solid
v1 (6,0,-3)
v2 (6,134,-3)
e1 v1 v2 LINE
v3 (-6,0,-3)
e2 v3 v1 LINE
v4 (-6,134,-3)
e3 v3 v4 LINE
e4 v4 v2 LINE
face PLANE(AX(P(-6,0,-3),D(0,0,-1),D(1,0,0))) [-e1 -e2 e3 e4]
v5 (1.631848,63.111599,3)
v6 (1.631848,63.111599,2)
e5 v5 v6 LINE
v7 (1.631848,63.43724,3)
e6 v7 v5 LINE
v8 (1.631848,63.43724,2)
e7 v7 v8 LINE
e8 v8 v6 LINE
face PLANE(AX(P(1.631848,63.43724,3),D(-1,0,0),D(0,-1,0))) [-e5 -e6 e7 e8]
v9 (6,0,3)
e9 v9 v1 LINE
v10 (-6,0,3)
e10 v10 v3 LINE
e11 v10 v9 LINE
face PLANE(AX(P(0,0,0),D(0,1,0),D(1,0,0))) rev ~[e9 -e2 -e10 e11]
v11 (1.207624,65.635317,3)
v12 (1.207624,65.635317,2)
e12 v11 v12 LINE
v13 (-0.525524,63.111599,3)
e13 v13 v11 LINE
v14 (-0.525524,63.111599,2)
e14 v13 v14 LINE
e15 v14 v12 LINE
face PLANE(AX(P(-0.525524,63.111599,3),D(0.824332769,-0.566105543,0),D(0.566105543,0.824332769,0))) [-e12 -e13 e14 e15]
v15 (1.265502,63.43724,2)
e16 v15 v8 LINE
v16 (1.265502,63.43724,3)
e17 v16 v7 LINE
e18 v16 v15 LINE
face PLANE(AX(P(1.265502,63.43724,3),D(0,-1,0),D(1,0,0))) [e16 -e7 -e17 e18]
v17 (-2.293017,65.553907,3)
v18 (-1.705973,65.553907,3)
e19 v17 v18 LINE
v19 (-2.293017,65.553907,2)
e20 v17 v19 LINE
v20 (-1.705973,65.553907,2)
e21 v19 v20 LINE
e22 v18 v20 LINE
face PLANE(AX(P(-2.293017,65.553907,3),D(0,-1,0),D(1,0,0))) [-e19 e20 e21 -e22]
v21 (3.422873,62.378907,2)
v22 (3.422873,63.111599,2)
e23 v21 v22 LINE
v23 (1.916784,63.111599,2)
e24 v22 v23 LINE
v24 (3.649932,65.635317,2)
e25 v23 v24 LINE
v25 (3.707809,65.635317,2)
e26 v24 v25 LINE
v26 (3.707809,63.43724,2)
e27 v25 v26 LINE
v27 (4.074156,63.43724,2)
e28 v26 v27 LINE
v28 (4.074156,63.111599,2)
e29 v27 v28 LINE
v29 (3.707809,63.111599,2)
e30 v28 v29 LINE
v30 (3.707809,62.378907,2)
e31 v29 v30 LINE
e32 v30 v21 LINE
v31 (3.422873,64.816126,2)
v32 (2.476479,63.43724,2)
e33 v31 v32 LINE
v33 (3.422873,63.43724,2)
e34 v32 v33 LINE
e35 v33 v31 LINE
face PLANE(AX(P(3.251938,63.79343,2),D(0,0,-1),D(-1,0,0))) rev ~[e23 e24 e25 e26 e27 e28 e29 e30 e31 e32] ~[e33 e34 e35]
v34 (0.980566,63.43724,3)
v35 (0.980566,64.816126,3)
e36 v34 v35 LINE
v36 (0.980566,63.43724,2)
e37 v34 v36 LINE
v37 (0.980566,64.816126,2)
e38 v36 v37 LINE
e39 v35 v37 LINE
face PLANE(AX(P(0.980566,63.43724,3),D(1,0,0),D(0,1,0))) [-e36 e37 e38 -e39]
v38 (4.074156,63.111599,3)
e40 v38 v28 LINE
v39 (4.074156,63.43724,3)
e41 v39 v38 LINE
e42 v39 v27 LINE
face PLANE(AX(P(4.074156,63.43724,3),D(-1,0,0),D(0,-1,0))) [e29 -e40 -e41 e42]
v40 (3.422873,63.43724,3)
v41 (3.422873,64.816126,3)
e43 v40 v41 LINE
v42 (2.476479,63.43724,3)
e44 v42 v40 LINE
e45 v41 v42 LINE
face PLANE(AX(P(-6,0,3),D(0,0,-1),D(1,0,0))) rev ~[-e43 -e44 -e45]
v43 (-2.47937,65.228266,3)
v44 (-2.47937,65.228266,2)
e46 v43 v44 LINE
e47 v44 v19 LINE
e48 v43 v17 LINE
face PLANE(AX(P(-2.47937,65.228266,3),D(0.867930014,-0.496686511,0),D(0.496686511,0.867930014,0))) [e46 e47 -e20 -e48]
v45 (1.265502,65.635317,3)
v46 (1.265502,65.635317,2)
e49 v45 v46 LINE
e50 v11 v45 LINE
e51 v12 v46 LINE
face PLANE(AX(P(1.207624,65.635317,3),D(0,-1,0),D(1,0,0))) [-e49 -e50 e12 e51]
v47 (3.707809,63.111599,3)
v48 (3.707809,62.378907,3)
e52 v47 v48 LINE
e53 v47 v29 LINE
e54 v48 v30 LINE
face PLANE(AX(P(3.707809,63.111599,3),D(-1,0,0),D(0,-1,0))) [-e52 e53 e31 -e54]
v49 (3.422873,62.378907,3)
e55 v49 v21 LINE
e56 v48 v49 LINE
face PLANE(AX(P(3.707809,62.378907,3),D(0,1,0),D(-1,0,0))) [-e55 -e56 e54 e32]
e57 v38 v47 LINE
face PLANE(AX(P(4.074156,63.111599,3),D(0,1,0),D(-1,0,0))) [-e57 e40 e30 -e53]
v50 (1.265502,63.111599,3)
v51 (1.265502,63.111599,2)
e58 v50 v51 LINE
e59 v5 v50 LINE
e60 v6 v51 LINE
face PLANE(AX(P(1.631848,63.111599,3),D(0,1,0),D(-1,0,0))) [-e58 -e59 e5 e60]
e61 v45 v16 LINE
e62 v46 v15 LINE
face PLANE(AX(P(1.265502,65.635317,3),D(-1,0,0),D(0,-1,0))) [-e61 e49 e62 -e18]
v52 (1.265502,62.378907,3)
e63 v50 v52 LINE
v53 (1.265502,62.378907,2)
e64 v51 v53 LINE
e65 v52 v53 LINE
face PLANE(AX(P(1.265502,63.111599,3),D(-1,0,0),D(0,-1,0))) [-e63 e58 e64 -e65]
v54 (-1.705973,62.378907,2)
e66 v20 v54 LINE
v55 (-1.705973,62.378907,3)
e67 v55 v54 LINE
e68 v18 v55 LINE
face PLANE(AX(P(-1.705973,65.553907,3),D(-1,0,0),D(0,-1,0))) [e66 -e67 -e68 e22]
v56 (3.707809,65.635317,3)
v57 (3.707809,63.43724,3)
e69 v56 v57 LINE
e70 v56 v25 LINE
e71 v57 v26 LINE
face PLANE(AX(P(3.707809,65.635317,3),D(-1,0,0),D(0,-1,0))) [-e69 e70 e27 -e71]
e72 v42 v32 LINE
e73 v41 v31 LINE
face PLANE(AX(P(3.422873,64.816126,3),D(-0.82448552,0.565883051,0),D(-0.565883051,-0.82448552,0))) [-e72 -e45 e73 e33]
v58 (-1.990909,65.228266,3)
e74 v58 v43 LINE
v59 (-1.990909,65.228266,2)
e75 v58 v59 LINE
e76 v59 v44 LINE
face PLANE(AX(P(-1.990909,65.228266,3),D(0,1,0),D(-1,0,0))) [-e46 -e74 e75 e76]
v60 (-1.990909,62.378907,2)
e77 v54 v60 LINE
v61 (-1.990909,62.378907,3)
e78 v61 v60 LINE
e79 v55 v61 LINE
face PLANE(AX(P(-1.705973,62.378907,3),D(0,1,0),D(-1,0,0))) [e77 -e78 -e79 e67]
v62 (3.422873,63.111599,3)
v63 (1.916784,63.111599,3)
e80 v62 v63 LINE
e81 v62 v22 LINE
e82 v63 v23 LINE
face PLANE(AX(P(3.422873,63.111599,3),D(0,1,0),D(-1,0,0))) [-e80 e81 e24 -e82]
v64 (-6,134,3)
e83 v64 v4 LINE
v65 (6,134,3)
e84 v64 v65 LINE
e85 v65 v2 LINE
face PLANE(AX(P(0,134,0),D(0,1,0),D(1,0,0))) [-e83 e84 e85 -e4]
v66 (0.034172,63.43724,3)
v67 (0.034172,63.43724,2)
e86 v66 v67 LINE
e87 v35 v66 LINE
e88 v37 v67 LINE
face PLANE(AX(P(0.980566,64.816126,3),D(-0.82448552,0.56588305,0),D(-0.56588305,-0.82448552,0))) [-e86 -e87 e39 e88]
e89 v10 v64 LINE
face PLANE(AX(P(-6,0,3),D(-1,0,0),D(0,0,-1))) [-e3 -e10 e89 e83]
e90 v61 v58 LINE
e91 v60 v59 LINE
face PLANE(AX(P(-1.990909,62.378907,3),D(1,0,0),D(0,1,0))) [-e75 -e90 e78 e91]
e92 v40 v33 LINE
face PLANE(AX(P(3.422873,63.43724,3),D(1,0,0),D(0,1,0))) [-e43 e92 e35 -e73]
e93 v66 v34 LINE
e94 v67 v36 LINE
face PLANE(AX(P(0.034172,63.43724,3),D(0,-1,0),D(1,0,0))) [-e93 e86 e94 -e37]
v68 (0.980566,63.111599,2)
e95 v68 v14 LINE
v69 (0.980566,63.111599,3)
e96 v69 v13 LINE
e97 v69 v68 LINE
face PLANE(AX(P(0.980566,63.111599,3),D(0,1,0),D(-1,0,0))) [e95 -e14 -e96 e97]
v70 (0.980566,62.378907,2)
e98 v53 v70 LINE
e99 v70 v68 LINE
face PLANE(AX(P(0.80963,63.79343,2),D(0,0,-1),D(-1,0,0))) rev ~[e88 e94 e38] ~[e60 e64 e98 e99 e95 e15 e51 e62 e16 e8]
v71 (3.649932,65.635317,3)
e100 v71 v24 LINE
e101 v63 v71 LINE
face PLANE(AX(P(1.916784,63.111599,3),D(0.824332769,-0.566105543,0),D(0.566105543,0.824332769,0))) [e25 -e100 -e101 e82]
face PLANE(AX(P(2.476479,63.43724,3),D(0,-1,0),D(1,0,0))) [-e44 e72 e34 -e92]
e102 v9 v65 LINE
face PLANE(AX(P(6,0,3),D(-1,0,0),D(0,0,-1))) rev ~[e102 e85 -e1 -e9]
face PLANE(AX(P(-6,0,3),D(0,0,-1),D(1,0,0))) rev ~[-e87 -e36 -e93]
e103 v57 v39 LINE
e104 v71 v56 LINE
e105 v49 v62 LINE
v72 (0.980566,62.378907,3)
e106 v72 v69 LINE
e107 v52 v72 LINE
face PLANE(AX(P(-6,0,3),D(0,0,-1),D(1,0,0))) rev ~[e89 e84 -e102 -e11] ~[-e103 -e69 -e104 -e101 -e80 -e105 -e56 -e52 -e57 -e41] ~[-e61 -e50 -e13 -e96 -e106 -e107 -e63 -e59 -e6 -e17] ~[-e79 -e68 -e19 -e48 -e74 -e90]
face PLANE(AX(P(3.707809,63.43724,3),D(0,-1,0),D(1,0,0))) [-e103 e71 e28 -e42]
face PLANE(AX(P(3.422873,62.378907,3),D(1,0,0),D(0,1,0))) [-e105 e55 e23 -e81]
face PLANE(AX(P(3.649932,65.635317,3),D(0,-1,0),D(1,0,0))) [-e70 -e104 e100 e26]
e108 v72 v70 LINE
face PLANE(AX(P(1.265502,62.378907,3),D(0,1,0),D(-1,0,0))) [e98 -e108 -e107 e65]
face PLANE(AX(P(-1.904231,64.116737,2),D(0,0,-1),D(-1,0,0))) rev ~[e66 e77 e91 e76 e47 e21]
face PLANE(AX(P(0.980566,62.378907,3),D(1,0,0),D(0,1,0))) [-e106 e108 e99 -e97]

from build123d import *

# Parameters (mm, degrees)
SKETCH1_W           = 12
SKETCH1_H           = 6
BOSS_EXTRUDE1_DEPTH = 134
CUT_EXTRUDE1_DEPTH  = 1


with BuildPart() as part:
    # Sketch1 → Boss-Extrude1 (new body)
    with BuildSketch(Plane(origin=(0, 0, 0), x_dir=(1, 0, 0), z_dir=(0, 1, 0))):
        Rectangle(SKETCH1_W, SKETCH1_H)
    extrude(amount=BOSS_EXTRUDE1_DEPTH)

    # Sketch2 → Cut-Extrude1 (cut)
    # profile 1 of 3: a face of its own
    with BuildSketch(Plane.XY.offset(3)):
        Polygon((-2.293016974, 65.553906762), (-1.705972703, 65.553906762), (-1.705972703, 62.378906762), (-1.990908601, 62.378906762), (-1.990908601, 65.228265736), (-2.479370139, 65.228265736), align=None)
    # profile 2 of 3: a face of its own
    with BuildSketch(Plane.XY.offset(3)):
        Polygon((1.207624052, 65.635317018), (1.265501656, 65.635317018), (1.265501656, 63.437240095), (1.63184781, 63.437240095), (1.63184781, 63.111599069), (1.265501656, 63.111599069), (1.265501656, 62.378906762), (0.980565758, 62.378906762), (0.980565758, 63.111599069), (-0.525523985, 63.111599069), align=None)
        Polygon((0.980565758, 63.437240095), (0.980565758, 64.816126313), (0.034171528, 63.437240095), align=None, mode=Mode.SUBTRACT)
    # profile 3 of 3: a face of its own
    with BuildSketch(Plane.XY.offset(3)):
        Polygon((3.649931744, 65.635317018), (3.707809348, 65.635317018), (3.707809348, 63.437240095), (4.074155502, 63.437240095), (4.074155502, 63.111599069), (3.707809348, 63.111599069), (3.707809348, 62.378906762), (3.422873451, 62.378906762), (3.422873451, 63.111599069), (1.916783707, 63.111599069), align=None)
        Polygon((3.422873451, 63.437240095), (3.422873451, 64.816126313), (2.47647922, 63.437240095), align=None, mode=Mode.SUBTRACT)
    extrude(amount=-CUT_EXTRUDE1_DEPTH, mode=Mode.SUBTRACT)


solid = part.part
